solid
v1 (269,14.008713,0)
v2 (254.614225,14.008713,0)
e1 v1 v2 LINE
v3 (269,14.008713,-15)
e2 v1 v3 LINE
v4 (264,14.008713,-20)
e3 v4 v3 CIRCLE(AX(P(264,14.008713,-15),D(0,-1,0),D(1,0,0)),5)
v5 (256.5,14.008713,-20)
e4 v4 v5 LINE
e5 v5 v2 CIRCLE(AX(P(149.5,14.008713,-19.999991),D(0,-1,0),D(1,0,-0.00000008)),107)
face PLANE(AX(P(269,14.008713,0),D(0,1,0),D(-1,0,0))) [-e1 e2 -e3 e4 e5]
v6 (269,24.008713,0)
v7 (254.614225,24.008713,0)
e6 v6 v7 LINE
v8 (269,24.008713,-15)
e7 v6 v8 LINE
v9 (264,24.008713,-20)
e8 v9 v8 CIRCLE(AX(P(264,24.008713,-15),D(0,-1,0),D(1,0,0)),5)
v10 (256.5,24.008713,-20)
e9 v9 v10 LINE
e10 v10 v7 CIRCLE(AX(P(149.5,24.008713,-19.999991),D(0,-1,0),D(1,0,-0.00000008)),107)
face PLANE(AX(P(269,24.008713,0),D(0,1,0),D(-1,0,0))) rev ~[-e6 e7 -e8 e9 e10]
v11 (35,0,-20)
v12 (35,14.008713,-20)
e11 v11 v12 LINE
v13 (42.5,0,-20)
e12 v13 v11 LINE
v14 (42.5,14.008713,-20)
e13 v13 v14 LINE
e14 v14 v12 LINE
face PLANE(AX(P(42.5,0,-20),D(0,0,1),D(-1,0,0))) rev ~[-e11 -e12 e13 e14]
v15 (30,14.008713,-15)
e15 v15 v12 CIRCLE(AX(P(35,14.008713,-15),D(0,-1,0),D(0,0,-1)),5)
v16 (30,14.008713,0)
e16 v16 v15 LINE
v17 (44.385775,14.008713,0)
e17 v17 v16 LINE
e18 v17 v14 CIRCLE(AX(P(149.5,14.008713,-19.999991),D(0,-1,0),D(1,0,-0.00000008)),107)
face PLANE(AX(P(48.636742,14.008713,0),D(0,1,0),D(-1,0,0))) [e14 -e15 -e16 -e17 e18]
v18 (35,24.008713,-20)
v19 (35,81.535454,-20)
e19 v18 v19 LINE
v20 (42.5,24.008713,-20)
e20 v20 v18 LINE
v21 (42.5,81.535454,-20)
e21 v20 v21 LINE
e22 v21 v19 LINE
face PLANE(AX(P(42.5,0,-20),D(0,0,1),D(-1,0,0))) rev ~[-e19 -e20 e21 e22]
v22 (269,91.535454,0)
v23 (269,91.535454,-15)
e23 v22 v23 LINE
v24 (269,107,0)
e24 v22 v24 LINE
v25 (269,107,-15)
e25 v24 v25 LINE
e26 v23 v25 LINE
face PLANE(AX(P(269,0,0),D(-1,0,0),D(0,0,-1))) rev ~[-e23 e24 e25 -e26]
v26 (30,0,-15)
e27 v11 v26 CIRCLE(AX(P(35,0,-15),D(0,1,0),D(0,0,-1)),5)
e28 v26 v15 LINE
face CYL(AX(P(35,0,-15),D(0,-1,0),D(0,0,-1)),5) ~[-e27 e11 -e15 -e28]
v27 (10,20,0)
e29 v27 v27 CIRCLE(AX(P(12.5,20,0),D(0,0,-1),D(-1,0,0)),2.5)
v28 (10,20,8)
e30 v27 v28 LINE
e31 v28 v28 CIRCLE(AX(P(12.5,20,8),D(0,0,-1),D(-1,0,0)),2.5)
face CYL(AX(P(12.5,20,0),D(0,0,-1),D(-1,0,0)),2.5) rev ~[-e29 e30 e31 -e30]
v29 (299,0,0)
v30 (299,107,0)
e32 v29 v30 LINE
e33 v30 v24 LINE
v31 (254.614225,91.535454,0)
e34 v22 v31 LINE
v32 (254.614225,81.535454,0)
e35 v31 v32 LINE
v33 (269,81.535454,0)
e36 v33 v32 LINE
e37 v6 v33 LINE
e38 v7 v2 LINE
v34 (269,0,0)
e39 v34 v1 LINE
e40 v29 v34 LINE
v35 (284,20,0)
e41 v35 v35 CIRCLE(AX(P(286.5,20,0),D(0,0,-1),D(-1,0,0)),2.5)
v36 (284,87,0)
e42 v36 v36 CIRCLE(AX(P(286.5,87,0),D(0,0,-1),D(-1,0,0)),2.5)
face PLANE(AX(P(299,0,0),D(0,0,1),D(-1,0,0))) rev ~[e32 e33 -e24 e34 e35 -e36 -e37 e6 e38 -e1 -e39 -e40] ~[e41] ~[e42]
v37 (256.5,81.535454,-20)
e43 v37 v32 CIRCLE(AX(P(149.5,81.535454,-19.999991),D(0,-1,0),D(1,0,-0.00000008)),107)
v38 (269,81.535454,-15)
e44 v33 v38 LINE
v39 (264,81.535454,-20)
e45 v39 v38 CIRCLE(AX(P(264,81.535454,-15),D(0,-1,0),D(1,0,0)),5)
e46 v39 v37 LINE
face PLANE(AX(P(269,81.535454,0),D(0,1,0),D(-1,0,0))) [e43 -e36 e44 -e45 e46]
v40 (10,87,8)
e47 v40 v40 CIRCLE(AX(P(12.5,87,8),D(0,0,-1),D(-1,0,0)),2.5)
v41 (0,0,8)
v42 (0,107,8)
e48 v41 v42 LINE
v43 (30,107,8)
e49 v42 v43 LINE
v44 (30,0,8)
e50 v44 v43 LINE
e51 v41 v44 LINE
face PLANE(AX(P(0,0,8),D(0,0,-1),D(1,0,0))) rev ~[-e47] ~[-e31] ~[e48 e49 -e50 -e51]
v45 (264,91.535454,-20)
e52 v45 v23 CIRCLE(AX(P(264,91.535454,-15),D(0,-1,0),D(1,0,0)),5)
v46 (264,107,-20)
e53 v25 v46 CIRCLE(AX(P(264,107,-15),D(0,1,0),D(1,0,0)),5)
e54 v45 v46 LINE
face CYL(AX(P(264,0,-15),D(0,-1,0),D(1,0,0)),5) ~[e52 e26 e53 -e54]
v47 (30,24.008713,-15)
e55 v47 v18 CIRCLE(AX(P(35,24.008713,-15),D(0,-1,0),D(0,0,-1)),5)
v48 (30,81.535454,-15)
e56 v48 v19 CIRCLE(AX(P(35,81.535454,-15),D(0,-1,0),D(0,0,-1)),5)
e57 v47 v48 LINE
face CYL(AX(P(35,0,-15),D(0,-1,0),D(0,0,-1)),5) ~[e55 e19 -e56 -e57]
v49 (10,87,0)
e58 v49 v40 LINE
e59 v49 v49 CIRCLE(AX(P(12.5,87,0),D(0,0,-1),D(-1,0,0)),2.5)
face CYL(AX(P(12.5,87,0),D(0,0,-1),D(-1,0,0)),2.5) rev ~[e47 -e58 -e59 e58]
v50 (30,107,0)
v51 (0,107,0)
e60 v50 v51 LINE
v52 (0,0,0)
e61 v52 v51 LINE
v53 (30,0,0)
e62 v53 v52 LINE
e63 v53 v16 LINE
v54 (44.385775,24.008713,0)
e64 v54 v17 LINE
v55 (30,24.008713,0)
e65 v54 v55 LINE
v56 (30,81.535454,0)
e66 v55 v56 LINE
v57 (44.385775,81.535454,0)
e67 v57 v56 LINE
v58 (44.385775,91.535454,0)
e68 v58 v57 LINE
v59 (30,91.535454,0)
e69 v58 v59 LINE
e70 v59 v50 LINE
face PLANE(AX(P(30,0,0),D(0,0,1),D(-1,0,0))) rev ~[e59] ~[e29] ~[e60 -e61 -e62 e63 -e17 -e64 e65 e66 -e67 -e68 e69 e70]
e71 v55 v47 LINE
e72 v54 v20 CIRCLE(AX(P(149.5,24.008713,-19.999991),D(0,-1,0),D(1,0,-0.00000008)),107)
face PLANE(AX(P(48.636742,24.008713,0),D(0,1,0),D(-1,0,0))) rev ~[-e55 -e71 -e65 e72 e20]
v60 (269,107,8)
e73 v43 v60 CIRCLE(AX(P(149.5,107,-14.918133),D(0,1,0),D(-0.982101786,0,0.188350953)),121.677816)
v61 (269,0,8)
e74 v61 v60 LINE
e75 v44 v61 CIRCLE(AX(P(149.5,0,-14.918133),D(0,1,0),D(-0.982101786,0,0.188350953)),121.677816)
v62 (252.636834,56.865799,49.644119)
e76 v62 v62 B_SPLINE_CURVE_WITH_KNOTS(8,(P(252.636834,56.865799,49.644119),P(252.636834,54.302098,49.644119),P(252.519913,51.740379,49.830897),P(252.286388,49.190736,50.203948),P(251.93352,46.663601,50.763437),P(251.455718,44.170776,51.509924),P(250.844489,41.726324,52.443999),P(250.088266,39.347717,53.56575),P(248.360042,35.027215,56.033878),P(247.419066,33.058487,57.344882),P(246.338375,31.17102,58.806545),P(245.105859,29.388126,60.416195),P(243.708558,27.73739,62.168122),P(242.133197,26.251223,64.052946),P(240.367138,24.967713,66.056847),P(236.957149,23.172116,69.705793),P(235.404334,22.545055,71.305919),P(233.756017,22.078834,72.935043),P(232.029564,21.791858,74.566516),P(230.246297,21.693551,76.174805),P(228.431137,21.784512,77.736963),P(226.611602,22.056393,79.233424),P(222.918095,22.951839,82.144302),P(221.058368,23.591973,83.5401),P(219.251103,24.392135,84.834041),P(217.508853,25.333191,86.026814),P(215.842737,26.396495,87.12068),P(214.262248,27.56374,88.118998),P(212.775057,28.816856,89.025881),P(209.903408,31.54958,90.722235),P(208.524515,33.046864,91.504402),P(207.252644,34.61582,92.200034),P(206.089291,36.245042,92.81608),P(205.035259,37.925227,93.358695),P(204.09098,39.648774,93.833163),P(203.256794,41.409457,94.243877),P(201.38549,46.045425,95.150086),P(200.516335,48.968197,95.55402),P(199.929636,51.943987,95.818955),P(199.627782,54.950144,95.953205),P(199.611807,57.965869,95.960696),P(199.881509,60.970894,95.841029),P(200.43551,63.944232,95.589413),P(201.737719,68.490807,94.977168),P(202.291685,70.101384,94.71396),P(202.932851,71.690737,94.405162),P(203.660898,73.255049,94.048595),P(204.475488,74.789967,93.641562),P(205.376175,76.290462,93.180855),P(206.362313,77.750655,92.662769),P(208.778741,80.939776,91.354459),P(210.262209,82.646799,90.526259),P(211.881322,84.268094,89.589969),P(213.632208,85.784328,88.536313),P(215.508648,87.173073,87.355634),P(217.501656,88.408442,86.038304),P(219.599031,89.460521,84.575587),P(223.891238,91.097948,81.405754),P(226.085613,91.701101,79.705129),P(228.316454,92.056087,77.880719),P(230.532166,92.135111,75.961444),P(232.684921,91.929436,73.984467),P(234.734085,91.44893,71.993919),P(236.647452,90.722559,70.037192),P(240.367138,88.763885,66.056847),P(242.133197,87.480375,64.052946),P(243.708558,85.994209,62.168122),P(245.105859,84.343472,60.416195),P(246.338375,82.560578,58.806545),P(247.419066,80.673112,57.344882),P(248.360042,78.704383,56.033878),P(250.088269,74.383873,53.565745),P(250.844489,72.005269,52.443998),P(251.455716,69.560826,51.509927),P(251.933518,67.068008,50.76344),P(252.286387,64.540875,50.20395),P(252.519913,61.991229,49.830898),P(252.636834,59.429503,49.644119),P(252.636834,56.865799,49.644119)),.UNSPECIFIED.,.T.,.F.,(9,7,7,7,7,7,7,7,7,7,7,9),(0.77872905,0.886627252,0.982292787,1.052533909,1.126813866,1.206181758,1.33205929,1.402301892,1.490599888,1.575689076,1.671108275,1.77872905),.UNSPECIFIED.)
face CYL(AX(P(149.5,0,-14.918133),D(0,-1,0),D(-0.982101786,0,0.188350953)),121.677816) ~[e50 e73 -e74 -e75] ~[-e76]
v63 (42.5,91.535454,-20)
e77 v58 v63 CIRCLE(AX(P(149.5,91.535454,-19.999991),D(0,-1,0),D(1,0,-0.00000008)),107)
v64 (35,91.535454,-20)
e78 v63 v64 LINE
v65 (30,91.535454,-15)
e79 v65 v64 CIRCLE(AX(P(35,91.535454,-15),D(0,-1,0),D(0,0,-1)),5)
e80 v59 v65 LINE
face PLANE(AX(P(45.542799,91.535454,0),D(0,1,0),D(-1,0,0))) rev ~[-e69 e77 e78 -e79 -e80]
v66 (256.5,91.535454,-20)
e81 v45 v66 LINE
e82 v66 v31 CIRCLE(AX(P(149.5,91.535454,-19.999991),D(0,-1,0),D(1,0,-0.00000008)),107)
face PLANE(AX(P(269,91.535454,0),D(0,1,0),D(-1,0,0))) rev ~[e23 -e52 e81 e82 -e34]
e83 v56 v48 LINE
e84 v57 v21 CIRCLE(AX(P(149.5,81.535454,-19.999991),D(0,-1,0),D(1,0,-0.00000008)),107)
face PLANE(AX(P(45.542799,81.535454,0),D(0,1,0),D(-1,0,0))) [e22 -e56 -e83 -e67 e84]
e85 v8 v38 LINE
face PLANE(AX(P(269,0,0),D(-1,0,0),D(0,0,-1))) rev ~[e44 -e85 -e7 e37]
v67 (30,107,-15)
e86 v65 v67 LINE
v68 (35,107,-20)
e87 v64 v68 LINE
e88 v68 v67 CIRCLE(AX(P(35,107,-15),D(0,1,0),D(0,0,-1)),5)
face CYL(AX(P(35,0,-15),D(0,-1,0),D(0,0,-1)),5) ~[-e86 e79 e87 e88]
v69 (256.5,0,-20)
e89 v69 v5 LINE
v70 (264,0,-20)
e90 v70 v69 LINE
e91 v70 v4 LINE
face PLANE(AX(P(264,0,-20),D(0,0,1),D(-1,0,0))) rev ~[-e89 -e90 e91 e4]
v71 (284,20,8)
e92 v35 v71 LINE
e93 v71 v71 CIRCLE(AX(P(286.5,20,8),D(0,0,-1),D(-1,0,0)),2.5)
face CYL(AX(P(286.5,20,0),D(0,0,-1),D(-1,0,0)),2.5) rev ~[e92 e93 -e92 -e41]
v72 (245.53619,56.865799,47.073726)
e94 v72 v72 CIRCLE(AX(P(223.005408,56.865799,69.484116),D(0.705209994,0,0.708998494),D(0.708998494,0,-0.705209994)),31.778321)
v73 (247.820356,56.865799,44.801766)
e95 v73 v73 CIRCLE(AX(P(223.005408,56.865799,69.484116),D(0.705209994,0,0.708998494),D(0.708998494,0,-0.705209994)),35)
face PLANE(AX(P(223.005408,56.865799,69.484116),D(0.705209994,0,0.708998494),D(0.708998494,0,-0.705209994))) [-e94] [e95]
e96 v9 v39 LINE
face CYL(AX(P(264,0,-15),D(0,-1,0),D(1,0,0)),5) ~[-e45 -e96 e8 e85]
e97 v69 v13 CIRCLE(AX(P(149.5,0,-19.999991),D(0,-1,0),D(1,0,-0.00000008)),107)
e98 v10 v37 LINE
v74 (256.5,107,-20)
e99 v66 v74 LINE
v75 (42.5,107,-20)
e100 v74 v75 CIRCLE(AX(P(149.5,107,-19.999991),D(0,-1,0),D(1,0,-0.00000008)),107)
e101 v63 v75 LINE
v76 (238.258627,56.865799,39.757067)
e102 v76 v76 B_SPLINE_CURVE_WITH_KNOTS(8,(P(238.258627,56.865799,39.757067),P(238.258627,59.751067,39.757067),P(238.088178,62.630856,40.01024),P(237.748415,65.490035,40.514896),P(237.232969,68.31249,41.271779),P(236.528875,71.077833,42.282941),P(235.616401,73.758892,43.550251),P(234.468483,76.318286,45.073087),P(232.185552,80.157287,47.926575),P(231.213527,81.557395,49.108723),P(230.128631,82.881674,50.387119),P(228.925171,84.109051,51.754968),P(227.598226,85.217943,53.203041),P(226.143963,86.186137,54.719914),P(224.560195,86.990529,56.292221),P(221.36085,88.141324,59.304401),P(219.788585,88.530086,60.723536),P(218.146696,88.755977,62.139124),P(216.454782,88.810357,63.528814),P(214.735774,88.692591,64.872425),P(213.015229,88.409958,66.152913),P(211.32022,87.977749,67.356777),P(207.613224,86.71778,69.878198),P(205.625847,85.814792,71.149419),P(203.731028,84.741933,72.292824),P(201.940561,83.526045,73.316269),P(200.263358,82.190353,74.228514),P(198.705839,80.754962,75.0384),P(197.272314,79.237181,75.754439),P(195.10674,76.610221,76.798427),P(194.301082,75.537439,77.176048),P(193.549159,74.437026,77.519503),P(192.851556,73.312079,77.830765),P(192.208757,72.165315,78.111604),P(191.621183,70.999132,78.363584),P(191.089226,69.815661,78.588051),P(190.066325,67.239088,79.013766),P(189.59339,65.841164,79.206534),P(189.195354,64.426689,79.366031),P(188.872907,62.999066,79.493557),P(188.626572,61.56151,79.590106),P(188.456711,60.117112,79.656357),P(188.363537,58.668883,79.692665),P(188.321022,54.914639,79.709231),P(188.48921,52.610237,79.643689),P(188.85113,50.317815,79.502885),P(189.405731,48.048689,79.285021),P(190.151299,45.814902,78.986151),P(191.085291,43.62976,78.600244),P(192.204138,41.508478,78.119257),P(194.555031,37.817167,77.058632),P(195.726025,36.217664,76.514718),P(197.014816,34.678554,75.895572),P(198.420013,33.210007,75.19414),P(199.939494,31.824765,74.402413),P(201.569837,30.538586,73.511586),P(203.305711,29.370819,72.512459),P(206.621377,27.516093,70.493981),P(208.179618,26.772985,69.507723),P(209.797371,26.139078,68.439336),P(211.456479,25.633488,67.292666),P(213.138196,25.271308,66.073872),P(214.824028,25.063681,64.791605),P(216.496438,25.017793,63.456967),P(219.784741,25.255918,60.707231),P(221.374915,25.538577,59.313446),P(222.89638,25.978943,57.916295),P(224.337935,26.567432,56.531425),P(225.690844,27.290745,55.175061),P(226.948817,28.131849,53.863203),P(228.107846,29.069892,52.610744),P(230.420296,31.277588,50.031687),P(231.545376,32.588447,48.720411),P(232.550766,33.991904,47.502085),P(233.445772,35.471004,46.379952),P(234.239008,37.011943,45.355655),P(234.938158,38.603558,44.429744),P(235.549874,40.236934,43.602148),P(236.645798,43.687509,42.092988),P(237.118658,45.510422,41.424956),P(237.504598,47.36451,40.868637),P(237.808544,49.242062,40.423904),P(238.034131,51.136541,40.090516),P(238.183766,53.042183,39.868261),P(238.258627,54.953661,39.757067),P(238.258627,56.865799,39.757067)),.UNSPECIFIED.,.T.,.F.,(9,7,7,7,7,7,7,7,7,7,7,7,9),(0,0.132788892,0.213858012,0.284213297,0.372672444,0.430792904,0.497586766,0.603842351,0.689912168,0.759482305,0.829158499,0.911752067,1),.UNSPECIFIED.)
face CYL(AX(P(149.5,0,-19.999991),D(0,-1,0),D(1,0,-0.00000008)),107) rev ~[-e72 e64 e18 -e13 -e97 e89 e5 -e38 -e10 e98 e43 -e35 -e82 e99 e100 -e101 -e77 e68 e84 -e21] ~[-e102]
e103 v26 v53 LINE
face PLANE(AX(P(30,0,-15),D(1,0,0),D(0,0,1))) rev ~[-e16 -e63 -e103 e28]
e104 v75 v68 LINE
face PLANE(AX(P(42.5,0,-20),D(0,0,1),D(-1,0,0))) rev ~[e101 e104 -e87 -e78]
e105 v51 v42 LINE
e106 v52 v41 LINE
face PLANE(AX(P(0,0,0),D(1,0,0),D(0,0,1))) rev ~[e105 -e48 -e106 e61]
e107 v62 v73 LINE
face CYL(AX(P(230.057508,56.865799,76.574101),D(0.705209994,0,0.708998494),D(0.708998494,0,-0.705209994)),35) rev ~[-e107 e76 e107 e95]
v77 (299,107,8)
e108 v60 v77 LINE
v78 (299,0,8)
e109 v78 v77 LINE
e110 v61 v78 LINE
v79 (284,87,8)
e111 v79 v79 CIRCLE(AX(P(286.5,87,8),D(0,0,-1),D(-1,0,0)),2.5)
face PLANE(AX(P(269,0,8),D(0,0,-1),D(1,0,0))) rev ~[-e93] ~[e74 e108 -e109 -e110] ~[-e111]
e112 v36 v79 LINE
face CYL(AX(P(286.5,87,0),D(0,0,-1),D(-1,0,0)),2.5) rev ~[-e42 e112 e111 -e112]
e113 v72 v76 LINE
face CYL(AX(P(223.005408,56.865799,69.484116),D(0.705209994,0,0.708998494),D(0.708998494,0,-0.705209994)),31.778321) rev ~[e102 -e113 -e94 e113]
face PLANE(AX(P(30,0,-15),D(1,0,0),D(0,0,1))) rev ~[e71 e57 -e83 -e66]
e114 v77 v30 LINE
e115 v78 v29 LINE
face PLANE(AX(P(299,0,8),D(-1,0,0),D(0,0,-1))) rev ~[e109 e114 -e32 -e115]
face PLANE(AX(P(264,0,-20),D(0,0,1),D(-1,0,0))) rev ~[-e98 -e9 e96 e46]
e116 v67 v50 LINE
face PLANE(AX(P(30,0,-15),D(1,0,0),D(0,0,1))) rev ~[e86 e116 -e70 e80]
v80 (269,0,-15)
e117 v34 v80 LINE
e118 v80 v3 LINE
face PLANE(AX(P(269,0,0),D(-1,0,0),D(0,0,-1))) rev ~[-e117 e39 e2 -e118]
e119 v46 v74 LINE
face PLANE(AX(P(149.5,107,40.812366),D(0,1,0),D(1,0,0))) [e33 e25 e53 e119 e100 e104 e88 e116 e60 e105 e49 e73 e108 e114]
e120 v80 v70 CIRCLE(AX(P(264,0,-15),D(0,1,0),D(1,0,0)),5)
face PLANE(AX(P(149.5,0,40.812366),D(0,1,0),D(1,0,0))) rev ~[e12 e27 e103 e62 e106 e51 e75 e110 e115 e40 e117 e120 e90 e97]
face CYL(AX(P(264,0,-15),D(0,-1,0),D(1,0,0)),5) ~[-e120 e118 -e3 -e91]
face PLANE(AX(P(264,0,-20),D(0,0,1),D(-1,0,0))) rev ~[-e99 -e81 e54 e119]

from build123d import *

# Parameters (mm, degrees)
BOSS_EXTRUDE1_DEPTH = 107
SKETCH2_R           = 2.5
CUT_EXTRUDE1_DEPTH  = 336.0337743
SKETCH3_R           = 35
CUT_EXTRUDE2_DEPTH  = 10
SKETCH4_R           = 31.778321021
CUT_EXTRUDE3_DEPTH  = 25
CUT_EXTRUDE4_REACH  = 337.034
SKETCH5_W           = 15.542799326
SKETCH5_H           = 10
SKETCH5_W_2         = 18.63674205


with BuildPart() as part:
    # Sketch1 → Boss-Extrude1 (new body)
    with BuildSketch(Plane(origin=(0, 0, 0), x_dir=(1, 0, 0), z_dir=(0, 1, 0))):
        with BuildLine():
            Line((0, 0), (0, -8))
            Line((0, -8), (30, -8))
            ThreePointArc((30, -8), (149.5, -106.759683035), (269, -8))
            Line((269, -8), (299, -8))
            Line((299, -8), (299, 0))
            Line((299, 0), (269, 0))
            Line((269, 0), (269, 15))
            ThreePointArc((269, 15), (267.535533906, 18.535533906), (264, 20))
            Line((264, 20), (256.5, 20))
            ThreePointArc((256.5, 20), (149.5, -87.000008561), (42.5, 20))
            Line((42.5, 20), (35, 20))
            ThreePointArc((35, 20), (31.464466094, 18.535533906), (30, 15))
            Line((30, 15), (30, 0))
            Line((30, 0), (0, 0))
        make_face()
    extrude(amount=BOSS_EXTRUDE1_DEPTH)

    # Sketch2 → Cut-Extrude1 (cut, through all)
    with BuildSketch(Plane(origin=(0, 0, 0), x_dir=(-1, 0, 0), z_dir=(0, 0, -1))):
        with Locations((-286.5, 87)):
            Circle(SKETCH2_R)
        with Locations((-286.5, 20)):
            Circle(SKETCH2_R)
        with Locations((-12.5, 87)):
            Circle(SKETCH2_R)
        with Locations((-12.5, 20)):
            Circle(SKETCH2_R)
    extrude(amount=-CUT_EXTRUDE1_DEPTH, mode=Mode.SUBTRACT)

    # Sketch3 → Cut-Extrude2 (cut)
    with BuildSketch(Plane(origin=(152.698962186, 0, 153.519285181), x_dir=(0.7089984938103423, 0, -0.7052099940972661), z_dir=(0.7052099940972661, 0, 0.7089984938103423))):
        with Locations((109.109605527, 56.865799068)):
            Circle(SKETCH3_R)
    extrude(amount=-CUT_EXTRUDE2_DEPTH, mode=Mode.SUBTRACT)

    # Sketch4 → Cut-Extrude3 (cut)
    with BuildSketch(Plane(origin=(145.646862245, 0, 146.429300243), x_dir=(0.7089984938103423, 0, -0.7052099940972661), z_dir=(0.7052099940972661, 0, 0.7089984938103423))):
        with Locations((109.109605527, 56.865799068)):
            Circle(SKETCH4_R)
    extrude(amount=-CUT_EXTRUDE3_DEPTH, mode=Mode.SUBTRACT)

    # Cut-Extrude4: up to this face of the body (flat: up to its plane)
    cut_extrude4_end = Plane(part.part.faces().sort_by_distance((260.25, 53.5, -20))[0])
    # Sketch5 → Cut-Extrude4 (cut, up to the picked face)
    with BuildSketch(Plane(origin=(0, 0, 0), x_dir=(-1, 0, 0), z_dir=(0, 0, -1)), mode=Mode.PRIVATE) as cut_extrude4_sk1:
        with Locations((-261.228600337, 86.535453814)):
            Rectangle(SKETCH5_W, SKETCH5_H)
    cut_extrude4_tool1 = split(extrude(cut_extrude4_sk1.sketch, amount=CUT_EXTRUDE4_REACH, mode=Mode.PRIVATE), bisect_by=cut_extrude4_end, keep=Keep.BOTH, mode=Mode.PRIVATE)
    # Sketch5 → Cut-Extrude4 (cut, up to the picked face)
    with BuildSketch(Plane(origin=(0, 0, 0), x_dir=(-1, 0, 0), z_dir=(0, 0, -1)), mode=Mode.PRIVATE) as cut_extrude4_sk2:
        with Locations((-259.681628975, 19.008712967)):
            Rectangle(SKETCH5_W_2, SKETCH5_H)
    cut_extrude4_tool2 = split(extrude(cut_extrude4_sk2.sketch, amount=CUT_EXTRUDE4_REACH, mode=Mode.PRIVATE), bisect_by=cut_extrude4_end, keep=Keep.BOTH, mode=Mode.PRIVATE)
    # Sketch5 → Cut-Extrude4 (cut, up to the picked face)
    with BuildSketch(Plane(origin=(0, 0, 0), x_dir=(-1, 0, 0), z_dir=(0, 0, -1)), mode=Mode.PRIVATE) as cut_extrude4_sk3:
        with Locations((-39.318371025, 19.008712967)):
            Rectangle(SKETCH5_W_2, SKETCH5_H)
    cut_extrude4_tool3 = split(extrude(cut_extrude4_sk3.sketch, amount=CUT_EXTRUDE4_REACH, mode=Mode.PRIVATE), bisect_by=cut_extrude4_end, keep=Keep.BOTH, mode=Mode.PRIVATE)
    # Sketch5 → Cut-Extrude4 (cut, up to the picked face)
    with BuildSketch(Plane(origin=(0, 0, 0), x_dir=(-1, 0, 0), z_dir=(0, 0, -1)), mode=Mode.PRIVATE) as cut_extrude4_sk4:
        with Locations((-37.771399663, 86.535453814)):
            Rectangle(SKETCH5_W, SKETCH5_H)
    cut_extrude4_tool4 = split(extrude(cut_extrude4_sk4.sketch, amount=CUT_EXTRUDE4_REACH, mode=Mode.PRIVATE), bisect_by=cut_extrude4_end, keep=Keep.BOTH, mode=Mode.PRIVATE)
    add(cut_extrude4_tool1.solids().sort_by(Axis((261.2286, 86.535454, 0), (0, 0, -1)))[0], mode=Mode.SUBTRACT)
    add(cut_extrude4_tool2.solids().sort_by(Axis((259.681629, 19.008713, 0), (0, 0, -1)))[0], mode=Mode.SUBTRACT)
    add(cut_extrude4_tool3.solids().sort_by(Axis((39.318371, 19.008713, 0), (0, 0, -1)))[0], mode=Mode.SUBTRACT)
    add(cut_extrude4_tool4.solids().sort_by(Axis((37.7714, 86.535454, 0), (0, 0, -1)))[0], mode=Mode.SUBTRACT)


solid = part.part
